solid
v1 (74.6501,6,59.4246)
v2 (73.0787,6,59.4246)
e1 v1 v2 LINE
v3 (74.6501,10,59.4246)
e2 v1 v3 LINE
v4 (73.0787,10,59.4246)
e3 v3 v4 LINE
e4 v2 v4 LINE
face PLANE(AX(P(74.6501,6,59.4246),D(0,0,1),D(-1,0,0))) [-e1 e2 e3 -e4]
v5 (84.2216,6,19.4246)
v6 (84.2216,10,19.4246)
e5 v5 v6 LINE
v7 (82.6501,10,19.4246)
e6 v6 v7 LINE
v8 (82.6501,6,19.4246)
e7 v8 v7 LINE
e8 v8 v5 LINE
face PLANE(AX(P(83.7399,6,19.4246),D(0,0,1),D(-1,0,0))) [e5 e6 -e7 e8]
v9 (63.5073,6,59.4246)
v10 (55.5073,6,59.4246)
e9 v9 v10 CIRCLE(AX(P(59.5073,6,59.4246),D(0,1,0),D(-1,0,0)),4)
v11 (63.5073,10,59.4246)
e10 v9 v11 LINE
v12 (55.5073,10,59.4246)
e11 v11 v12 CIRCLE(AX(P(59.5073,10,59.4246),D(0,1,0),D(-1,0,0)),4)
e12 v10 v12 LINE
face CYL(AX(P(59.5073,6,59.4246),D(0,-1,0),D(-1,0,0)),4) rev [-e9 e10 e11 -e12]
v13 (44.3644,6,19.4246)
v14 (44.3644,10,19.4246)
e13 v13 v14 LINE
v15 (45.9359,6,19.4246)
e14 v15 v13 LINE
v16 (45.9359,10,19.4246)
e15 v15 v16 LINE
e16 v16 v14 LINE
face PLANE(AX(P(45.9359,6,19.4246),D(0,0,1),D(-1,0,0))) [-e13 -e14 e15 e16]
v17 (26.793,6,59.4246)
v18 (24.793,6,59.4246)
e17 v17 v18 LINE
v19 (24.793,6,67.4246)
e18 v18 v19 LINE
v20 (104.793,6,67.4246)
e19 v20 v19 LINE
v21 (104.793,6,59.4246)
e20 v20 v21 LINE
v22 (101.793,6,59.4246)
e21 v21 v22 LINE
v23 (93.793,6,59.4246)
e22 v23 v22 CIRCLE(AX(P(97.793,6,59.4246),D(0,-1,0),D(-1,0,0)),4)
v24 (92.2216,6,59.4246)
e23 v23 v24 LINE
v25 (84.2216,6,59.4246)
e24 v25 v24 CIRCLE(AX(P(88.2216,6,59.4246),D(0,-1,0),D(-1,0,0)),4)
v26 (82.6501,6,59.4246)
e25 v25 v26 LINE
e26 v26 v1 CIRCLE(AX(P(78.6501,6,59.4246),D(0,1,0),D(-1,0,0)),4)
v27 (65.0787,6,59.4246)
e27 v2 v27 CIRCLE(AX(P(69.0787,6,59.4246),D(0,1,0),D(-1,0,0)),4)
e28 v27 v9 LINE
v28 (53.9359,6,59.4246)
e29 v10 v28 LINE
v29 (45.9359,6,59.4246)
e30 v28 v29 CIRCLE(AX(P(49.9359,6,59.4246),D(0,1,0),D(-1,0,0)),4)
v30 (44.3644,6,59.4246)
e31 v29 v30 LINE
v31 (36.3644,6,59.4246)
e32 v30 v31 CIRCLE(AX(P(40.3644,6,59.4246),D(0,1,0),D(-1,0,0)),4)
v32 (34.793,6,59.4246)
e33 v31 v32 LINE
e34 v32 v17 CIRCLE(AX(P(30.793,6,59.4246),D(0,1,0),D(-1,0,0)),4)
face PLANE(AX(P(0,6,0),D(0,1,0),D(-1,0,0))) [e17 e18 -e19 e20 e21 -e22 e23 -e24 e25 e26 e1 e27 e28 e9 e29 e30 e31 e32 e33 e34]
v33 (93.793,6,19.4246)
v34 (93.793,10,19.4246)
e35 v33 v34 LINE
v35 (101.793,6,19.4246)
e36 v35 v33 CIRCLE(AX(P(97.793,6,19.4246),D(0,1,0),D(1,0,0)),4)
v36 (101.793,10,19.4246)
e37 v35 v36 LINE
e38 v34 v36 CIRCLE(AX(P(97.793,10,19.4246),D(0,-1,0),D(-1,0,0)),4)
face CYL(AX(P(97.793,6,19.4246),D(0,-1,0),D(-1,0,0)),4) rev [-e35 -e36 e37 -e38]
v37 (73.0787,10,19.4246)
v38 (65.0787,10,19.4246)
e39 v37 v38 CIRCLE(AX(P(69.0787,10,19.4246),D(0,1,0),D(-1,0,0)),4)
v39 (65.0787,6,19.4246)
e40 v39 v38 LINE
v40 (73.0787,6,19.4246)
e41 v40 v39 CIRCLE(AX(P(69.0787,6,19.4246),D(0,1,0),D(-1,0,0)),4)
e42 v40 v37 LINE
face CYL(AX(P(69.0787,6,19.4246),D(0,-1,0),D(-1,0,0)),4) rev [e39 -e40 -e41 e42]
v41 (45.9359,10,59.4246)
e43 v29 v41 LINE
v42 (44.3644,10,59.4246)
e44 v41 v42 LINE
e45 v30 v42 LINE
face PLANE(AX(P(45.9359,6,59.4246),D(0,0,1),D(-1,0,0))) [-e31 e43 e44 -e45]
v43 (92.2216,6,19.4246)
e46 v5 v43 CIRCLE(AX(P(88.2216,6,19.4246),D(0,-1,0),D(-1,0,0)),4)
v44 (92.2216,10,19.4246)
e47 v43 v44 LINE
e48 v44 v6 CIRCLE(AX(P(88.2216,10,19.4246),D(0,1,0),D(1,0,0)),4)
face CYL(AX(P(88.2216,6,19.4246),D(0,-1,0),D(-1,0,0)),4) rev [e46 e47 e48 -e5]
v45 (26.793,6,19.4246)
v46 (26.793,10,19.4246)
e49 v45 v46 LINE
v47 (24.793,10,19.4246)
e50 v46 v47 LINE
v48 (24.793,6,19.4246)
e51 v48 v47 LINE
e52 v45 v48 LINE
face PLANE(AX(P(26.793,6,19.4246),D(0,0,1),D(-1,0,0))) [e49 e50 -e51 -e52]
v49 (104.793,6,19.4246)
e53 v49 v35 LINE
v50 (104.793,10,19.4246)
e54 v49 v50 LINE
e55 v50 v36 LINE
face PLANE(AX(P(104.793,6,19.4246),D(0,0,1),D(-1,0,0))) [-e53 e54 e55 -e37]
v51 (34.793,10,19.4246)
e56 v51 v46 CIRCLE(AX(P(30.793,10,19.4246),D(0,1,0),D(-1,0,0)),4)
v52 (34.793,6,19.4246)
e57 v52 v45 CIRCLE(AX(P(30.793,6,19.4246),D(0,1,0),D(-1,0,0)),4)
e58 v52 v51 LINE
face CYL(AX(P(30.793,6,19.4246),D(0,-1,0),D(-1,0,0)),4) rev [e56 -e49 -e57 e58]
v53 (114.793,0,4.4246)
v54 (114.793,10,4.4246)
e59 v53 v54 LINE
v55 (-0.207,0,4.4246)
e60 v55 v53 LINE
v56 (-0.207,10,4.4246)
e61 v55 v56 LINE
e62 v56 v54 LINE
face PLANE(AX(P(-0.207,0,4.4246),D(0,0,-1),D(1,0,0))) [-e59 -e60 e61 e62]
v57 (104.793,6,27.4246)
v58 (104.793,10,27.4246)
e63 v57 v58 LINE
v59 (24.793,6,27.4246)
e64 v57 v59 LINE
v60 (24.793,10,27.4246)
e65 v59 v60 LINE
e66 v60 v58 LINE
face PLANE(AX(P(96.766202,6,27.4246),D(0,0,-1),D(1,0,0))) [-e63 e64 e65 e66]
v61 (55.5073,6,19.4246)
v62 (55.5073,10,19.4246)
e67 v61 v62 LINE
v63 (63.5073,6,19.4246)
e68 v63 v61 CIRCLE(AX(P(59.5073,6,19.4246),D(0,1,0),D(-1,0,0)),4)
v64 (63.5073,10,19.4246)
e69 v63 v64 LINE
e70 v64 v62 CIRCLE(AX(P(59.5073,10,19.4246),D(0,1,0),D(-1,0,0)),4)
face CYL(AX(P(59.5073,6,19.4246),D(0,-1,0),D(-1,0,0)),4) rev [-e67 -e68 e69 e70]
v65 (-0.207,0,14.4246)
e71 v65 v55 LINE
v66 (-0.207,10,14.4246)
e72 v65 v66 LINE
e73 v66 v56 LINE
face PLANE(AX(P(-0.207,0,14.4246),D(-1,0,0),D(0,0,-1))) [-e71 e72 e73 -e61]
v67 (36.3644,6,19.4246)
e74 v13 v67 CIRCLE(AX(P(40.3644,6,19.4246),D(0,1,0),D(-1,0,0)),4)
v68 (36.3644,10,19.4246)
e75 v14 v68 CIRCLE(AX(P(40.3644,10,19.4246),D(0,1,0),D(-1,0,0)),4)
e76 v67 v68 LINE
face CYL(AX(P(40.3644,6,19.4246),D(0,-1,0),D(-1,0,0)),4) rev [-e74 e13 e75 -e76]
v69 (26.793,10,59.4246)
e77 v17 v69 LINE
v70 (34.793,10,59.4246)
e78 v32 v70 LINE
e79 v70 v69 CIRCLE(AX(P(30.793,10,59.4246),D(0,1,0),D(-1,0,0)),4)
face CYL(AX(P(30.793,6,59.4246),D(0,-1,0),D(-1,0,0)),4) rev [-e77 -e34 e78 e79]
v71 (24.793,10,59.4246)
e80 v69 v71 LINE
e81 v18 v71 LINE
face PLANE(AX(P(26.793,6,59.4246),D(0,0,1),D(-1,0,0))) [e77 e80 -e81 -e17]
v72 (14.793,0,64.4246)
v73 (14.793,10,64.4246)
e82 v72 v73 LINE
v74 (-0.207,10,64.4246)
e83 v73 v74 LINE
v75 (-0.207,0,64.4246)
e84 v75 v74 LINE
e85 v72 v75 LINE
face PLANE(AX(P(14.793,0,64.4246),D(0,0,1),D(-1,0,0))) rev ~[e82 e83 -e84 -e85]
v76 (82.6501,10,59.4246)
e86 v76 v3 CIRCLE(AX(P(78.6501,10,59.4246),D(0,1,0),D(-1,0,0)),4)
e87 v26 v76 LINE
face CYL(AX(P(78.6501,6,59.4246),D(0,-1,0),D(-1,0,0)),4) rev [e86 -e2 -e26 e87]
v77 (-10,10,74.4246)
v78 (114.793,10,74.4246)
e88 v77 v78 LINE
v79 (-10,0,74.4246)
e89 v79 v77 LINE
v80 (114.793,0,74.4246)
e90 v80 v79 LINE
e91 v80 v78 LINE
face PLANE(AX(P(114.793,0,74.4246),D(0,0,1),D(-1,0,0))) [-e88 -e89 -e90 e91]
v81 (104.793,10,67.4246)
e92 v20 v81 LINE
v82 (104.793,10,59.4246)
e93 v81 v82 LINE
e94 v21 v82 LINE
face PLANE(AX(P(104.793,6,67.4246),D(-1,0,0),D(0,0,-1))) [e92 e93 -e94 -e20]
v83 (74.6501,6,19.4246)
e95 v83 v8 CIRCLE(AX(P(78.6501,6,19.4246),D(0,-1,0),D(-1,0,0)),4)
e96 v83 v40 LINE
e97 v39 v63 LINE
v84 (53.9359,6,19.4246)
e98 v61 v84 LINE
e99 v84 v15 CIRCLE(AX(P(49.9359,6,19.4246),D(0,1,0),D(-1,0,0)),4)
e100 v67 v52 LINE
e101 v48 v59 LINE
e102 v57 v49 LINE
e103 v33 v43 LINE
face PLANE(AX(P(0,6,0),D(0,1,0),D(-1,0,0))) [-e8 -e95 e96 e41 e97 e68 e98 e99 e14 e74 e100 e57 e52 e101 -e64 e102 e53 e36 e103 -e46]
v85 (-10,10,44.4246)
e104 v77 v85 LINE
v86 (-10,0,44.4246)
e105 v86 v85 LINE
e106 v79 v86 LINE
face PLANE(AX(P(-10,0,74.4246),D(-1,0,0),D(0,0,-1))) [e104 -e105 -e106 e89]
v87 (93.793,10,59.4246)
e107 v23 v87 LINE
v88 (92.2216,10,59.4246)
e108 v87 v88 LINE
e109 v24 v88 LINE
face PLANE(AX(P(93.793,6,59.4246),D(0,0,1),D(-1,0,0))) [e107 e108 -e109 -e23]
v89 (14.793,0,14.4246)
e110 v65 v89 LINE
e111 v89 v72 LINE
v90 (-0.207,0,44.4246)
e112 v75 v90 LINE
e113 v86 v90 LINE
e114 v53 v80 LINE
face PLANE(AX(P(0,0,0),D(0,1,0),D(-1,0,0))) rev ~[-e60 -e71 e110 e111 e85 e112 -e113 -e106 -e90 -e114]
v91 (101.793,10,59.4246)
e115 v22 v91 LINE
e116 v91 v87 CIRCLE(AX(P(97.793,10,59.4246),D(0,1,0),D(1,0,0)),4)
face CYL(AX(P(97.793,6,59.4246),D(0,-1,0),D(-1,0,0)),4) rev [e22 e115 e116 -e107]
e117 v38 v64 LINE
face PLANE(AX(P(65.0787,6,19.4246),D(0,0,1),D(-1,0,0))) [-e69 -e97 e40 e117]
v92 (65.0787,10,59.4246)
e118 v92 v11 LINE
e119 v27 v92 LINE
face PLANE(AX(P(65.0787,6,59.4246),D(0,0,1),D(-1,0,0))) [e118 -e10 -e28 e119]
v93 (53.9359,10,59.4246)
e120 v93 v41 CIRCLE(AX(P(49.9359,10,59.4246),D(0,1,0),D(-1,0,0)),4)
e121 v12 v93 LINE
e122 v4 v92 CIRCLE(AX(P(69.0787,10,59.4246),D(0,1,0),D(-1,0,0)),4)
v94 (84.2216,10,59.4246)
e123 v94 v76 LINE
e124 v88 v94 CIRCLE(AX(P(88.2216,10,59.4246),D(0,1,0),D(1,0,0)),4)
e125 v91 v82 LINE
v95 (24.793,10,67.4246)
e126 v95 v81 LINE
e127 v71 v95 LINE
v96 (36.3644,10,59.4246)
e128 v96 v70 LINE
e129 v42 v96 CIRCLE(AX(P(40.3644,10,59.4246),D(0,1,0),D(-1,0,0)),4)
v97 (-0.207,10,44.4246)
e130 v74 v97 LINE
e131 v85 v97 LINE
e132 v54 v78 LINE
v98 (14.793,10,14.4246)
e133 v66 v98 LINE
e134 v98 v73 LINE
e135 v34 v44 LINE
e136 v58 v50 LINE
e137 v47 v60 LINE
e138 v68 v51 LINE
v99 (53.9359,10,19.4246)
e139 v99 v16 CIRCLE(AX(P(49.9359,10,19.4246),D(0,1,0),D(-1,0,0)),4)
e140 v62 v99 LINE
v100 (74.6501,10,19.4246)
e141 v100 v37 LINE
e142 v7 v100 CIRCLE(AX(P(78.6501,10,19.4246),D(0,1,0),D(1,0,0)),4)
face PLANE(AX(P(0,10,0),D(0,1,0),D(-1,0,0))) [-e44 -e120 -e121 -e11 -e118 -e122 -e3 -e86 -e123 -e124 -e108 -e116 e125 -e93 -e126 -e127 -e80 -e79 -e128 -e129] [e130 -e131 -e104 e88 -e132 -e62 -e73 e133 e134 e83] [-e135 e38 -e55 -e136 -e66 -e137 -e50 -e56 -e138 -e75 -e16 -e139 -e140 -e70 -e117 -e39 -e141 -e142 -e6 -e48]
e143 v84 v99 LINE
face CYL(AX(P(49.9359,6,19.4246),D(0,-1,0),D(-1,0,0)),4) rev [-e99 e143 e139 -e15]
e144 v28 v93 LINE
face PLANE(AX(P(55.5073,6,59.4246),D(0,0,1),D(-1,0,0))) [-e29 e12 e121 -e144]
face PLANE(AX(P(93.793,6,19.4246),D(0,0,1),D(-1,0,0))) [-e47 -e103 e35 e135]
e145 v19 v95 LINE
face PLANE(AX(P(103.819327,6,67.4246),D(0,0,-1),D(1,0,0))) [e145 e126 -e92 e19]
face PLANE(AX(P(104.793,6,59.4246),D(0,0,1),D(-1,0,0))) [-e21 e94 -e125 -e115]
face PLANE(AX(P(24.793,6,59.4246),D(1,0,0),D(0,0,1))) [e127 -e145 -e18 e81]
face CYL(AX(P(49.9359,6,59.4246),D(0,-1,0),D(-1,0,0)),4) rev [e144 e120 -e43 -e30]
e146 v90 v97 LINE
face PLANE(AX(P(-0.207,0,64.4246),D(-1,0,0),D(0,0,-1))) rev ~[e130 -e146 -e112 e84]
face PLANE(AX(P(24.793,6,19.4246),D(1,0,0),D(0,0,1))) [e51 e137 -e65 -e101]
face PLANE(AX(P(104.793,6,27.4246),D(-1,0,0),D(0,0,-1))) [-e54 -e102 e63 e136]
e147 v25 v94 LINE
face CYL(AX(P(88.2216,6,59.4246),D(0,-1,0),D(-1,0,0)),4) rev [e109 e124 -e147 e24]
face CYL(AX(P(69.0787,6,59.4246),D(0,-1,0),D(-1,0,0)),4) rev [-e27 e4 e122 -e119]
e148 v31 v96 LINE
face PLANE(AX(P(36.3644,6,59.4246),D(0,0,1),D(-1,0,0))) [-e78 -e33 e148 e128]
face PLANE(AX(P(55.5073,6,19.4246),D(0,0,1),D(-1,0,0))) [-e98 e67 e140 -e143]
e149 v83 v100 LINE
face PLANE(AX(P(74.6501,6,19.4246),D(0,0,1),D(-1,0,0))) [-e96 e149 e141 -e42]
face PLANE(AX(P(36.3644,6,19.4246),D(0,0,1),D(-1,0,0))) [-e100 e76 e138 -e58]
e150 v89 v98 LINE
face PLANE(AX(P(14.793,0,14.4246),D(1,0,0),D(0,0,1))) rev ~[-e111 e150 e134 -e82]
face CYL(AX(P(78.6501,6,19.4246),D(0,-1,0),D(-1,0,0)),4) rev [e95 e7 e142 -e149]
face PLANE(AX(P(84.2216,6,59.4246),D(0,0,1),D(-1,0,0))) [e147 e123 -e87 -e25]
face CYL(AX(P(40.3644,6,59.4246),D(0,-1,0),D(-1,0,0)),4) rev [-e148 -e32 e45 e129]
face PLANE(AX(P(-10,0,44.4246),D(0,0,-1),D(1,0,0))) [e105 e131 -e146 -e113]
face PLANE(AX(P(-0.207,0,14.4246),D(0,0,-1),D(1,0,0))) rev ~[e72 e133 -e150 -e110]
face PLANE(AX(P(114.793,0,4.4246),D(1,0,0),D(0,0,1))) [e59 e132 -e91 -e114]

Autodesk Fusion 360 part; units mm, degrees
sketch "Sketch 1" plane through (0, 0, 0) normal (0, 1, 0) x (-1, 0, 0)
  line L0 (0.207, 14.4246) -> (-14.793, 14.4246)
  line L1 (0.207, 64.4246) -> (0.207, 14.4246)
  line L2 (-14.793, 14.4246) -> (-14.793, 64.4246)
  line L3 (-14.793, 64.4246) -> (0.207, 64.4246)
  line L4 (-92.925, 5.6402) -> (-78.1529, 8.2449)
  line L5 (-78.1529, 8.2449) -> (-89.7874, 74.227)
  line L6 (-104.5595, 71.6223) -> (-92.925, 5.6402)
  line L7 (-89.7874, 74.227) -> (-104.5595, 71.6223)
  circle A0 centre (-94.793, 59.4246) radius 4
  circle A1 centre (-87.7399, 19.4246) radius 4
  line L8 (0.207, 4.4246) -> (-114.793, 4.4246)
  line L9 (-114.793, 4.4246) -> (-114.793, 74.4246)
  line L10 (-114.793, 74.4246) -> (0.207, 74.4246)
  line L11 (0.207, 74.4246) -> (0.207, 4.4246)
  line L12 (0.207, 74.4246) -> (10, 74.4246)
  line L13 (10, 74.4246) -> (10, 44.4246)
  line L14 (10, 44.4246) -> (0.207, 44.4246)
  line L15 (0.207, 44.4246) -> (0.207, 74.4246)
  line L16 (-24.793, 67.4246) -> (-104.793, 67.4246)
  line L17 (-104.793, 67.4246) -> (-104.793, 51.4246)
  line L18 (-104.793, 51.4246) -> (-24.793, 51.4246)
  line L19 (-24.793, 51.4246) -> (-24.793, 67.4246)
  line L20 (-24.793, 27.4246) -> (-104.793, 27.4246)
  line L21 (-104.793, 27.4246) -> (-104.793, 11.4246)
  line L22 (-104.793, 11.4246) -> (-24.793, 11.4246)
  line L23 (-24.793, 11.4246) -> (-24.793, 27.4246)
  line L24 (-24.793, 51.4246) -> (-104.793, 51.4246)
  line L25 (-104.793, 51.4246) -> (-104.793, 59.4246)
  line L26 (-104.793, 59.4246) -> (-24.793, 59.4246)
  line L27 (-24.793, 59.4246) -> (-24.793, 51.4246)
  line L28 (-24.793, 11.4246) -> (-104.793, 11.4246)
  line L29 (-104.793, 11.4246) -> (-104.793, 19.4246)
  line L30 (-104.793, 19.4246) -> (-24.793, 19.4246)
  line L31 (-24.793, 19.4246) -> (-24.793, 11.4246)
  circle A2 centre (-30.793, 59.4246) radius 4
  circle A3 centre (-40.3644, 59.4246) radius 4
  circle A4 centre (-49.9359, 59.4246) radius 4
  circle A5 centre (-59.5073, 59.4246) radius 4
  circle A6 centre (-69.0787, 59.4246) radius 4
  circle A7 centre (-78.6501, 59.4246) radius 4
  circle A8 centre (-88.2216, 59.4246) radius 4
  circle A9 centre (-97.793, 59.4246) radius 4
  circle A10 centre (-30.793, 19.4246) radius 4
  circle A11 centre (-40.3644, 19.4246) radius 4
  circle A12 centre (-49.9359, 19.4246) radius 4
  circle A13 centre (-59.5073, 19.4246) radius 4
  circle A14 centre (-69.0787, 19.4246) radius 4
  circle A15 centre (-78.6501, 19.4246) radius 4
  circle A16 centre (-88.2216, 19.4246) radius 4
  circle A17 centre (-97.793, 19.4246) radius 4
  point P0 (-97.1734, 72.9246)
  dimension "d9" = 15
  dimension "d10" = 50
  dimension "d11" = 15
  dimension "d12" = 67
  dimension "d13" = 8
  dimension "d14" = 7.5
  dimension "d15" = 8
  dimension "d17" = 7.5
  dimension "d18" = 40
  dimension "d19" = 13.5
  dimension "d22" = 10
  dimension "d23" = 10
  dimension "d24" = 80
  dimension "d25" = 100
  dimension "d27" = 30
  dimension "d28" = 80
  dimension "d29" = 16
  dimension "d30" = 10
  dimension "d31" = 80
  dimension "d32" = 16
  dimension "d33" = 10
  dimension "d35" = 10
  dimension "d36" = 8
  dimension "d37" = 8
  dimension "d38" = 7
  dimension "d39" = 8
  dimension "d42" = -67
  dimension "d43" = 0
  dimension "d44" = 6
  dimension "d45" = 8
  dimension "d46" = 6
  dimension "d49" = -67
  dimension "d50" = 0
extrude "Extrude3" add sketch "Sketch 1" along normal blind 200 contours L0 L1 L2 L3 L11 L15 | L4 L5 L6 L22 L28 | L5 L6 A1 L22 L28 L30 A15 A16 A17 | L6 L30 A17 | L5 L30 A15 | L6 L30 A17 | L5 L6 A1 L20 L30 A15 A16 A17 | L5 L30 A15 | A1 L30 A16 | A1 L30 A16 | L5 L6 L18 L20 L24 | L5 L6 A0 L18 L24 L26 A8 A9 | L5 L6 A0 L16 L26 A8 A9 | L5 A0 L26 A8 | L5 L6 L7 L16 | A0 L26 A9 | A0 L26 A9 | L5 A0 L26 A8 picked at (-94.3244, 19.2578) picked at (-81.7956, 19.242) picked at (-94.3265, 19.6077) picked at (-81.7939, 19.6192) picked at (-91.9756, 20.1938) picked at (-91.9756, 18.6555) picked at (-99.7654, 59.8073) picked at (-99.7654, 59.042) makes body 1 at (14.793, 66.6667, 31.0913) makes body 2 at (100.6813, 66.6667, 49.6282)
extrude "Extrude4" add sketch "Sketch 1" along normal blind 10 separate body contours L0 L2 L3 L8 L9 L10 L11 L15 | L1 L11 L12 L13 L14 L15 | L4 L5 L6 L22 L28 | L6 L21 L22 L28 L29 L30 A17 | L5 L6 A1 L22 L28 L30 A15 A16 A17 | L5 L22 L23 L28 L30 L31 A10 A11 A12 A13 A14 A15 | L6 L30 A17 | L6 L30 A17 | L5 L30 A15 | L5 L30 A15 | L6 L30 A17 | L6 L30 A17 | L6 L20 L21 L30 A17 | L5 L6 A1 L20 L30 A15 A16 A17 | L5 L30 A15 | L5 L30 A15 | L5 L20 L23 L30 A10 A11 A12 A13 A14 A15 | A1 L30 A16 | A1 L30 A16 | A1 L30 A16 | A1 L30 A16 | L30 A14 | L30 A14 | L30 A10 | L30 A10 | L5 L6 L18 L20 L24 | A1 L30 A16 | A1 L30 A16 | L6 L17 L18 L24 L25 L26 | L5 L6 A0 L18 L24 L26 A8 A9 | L5 L18 L19 L24 L26 L27 A2 A3 A4 A5 A6 A7 A8 | L30 A13 | L30 A13 | L30 A11 | L30 A11 | L6 L16 L17 L26 | L5 L6 A0 L16 L26 A8 A9 | L5 A0 L26 A8 | L5 L26 A8 | L5 L6 L7 L16 | A0 L26 A9 | A0 L26 A9 | L5 A0 L26 A8 | L5 L26 A8 | A0 L26 A8 | A0 L26 A8 A9 | L5 L16 L19 L26 A2 A3 A4 A5 A6 A7 A8 | L30 A12 | L30 A12 | A0 L26 A9 | A0 L26 A9 | A0 L26 A8 A9 | A0 L26 A8 | L26 A7 | L26 A7 | L26 A2 | L26 A2 | L26 A6 | L26 A6 | L26 A3 | L26 A3 | L26 A5 | L26 A5 | L26 A4 | L26 A4 makes body 3
extrude "Extrude5" cut sketch "Sketch 1" along normal blind 4 from surface at 6 contours L6 L16 L17 L26 | L5 L6 A0 L16 L26 A8 A9 | L5 A0 L26 A8 | L5 L26 A8 | A0 L26 A9 | A0 L26 A9 | L5 A0 L26 A8 | L5 L26 A8 | A0 L26 A8 | L5 L16 L19 L26 A2 A3 A4 A5 A6 A7 A8 | A0 L26 A9 | A0 L26 A9 | A0 L26 A8 A9 | A0 L26 A8 | L26 A7 | L26 A7 | L26 A2 | L26 A2 | L26 A6 | L26 A6 | L26 A3 | L26 A3 | L26 A5 | L26 A5 | L26 A4 | L26 A4 picked at (-92.8229, 61.5231) bodies 3
extrude "Extrude6" cut sketch "Sketch 1" along normal blind 4 from surface at 6 contours L6 L30 A17 | L6 L30 A17 | L5 L30 A15 | L5 L30 A15 | L6 L30 A17 | L6 L30 A17 | L6 L20 L21 L30 A17 | L5 L6 A1 L20 L30 A15 A16 A17 | L5 L30 A15 | L5 L30 A15 | L5 L20 L23 L30 A10 A11 A12 A13 A14 A15 | A1 L30 A16 | A1 L30 A16 | A1 L30 A16 | L30 A14 | L30 A14 | L30 A10 | L30 A10 | A1 L30 A16 | A1 L30 A16 | L30 A13 | L30 A13 | L30 A11 | L30 A11 | L30 A12 | L30 A12 picked at (-91.9756, 20.1938) picked at (-91.9756, 18.6555) picked at (-83.9859, 20.1938) picked at (-89.2213, 19.2421) picked at (-89.2213, 19.6072) bodies 3
hidden bodies 1 2
